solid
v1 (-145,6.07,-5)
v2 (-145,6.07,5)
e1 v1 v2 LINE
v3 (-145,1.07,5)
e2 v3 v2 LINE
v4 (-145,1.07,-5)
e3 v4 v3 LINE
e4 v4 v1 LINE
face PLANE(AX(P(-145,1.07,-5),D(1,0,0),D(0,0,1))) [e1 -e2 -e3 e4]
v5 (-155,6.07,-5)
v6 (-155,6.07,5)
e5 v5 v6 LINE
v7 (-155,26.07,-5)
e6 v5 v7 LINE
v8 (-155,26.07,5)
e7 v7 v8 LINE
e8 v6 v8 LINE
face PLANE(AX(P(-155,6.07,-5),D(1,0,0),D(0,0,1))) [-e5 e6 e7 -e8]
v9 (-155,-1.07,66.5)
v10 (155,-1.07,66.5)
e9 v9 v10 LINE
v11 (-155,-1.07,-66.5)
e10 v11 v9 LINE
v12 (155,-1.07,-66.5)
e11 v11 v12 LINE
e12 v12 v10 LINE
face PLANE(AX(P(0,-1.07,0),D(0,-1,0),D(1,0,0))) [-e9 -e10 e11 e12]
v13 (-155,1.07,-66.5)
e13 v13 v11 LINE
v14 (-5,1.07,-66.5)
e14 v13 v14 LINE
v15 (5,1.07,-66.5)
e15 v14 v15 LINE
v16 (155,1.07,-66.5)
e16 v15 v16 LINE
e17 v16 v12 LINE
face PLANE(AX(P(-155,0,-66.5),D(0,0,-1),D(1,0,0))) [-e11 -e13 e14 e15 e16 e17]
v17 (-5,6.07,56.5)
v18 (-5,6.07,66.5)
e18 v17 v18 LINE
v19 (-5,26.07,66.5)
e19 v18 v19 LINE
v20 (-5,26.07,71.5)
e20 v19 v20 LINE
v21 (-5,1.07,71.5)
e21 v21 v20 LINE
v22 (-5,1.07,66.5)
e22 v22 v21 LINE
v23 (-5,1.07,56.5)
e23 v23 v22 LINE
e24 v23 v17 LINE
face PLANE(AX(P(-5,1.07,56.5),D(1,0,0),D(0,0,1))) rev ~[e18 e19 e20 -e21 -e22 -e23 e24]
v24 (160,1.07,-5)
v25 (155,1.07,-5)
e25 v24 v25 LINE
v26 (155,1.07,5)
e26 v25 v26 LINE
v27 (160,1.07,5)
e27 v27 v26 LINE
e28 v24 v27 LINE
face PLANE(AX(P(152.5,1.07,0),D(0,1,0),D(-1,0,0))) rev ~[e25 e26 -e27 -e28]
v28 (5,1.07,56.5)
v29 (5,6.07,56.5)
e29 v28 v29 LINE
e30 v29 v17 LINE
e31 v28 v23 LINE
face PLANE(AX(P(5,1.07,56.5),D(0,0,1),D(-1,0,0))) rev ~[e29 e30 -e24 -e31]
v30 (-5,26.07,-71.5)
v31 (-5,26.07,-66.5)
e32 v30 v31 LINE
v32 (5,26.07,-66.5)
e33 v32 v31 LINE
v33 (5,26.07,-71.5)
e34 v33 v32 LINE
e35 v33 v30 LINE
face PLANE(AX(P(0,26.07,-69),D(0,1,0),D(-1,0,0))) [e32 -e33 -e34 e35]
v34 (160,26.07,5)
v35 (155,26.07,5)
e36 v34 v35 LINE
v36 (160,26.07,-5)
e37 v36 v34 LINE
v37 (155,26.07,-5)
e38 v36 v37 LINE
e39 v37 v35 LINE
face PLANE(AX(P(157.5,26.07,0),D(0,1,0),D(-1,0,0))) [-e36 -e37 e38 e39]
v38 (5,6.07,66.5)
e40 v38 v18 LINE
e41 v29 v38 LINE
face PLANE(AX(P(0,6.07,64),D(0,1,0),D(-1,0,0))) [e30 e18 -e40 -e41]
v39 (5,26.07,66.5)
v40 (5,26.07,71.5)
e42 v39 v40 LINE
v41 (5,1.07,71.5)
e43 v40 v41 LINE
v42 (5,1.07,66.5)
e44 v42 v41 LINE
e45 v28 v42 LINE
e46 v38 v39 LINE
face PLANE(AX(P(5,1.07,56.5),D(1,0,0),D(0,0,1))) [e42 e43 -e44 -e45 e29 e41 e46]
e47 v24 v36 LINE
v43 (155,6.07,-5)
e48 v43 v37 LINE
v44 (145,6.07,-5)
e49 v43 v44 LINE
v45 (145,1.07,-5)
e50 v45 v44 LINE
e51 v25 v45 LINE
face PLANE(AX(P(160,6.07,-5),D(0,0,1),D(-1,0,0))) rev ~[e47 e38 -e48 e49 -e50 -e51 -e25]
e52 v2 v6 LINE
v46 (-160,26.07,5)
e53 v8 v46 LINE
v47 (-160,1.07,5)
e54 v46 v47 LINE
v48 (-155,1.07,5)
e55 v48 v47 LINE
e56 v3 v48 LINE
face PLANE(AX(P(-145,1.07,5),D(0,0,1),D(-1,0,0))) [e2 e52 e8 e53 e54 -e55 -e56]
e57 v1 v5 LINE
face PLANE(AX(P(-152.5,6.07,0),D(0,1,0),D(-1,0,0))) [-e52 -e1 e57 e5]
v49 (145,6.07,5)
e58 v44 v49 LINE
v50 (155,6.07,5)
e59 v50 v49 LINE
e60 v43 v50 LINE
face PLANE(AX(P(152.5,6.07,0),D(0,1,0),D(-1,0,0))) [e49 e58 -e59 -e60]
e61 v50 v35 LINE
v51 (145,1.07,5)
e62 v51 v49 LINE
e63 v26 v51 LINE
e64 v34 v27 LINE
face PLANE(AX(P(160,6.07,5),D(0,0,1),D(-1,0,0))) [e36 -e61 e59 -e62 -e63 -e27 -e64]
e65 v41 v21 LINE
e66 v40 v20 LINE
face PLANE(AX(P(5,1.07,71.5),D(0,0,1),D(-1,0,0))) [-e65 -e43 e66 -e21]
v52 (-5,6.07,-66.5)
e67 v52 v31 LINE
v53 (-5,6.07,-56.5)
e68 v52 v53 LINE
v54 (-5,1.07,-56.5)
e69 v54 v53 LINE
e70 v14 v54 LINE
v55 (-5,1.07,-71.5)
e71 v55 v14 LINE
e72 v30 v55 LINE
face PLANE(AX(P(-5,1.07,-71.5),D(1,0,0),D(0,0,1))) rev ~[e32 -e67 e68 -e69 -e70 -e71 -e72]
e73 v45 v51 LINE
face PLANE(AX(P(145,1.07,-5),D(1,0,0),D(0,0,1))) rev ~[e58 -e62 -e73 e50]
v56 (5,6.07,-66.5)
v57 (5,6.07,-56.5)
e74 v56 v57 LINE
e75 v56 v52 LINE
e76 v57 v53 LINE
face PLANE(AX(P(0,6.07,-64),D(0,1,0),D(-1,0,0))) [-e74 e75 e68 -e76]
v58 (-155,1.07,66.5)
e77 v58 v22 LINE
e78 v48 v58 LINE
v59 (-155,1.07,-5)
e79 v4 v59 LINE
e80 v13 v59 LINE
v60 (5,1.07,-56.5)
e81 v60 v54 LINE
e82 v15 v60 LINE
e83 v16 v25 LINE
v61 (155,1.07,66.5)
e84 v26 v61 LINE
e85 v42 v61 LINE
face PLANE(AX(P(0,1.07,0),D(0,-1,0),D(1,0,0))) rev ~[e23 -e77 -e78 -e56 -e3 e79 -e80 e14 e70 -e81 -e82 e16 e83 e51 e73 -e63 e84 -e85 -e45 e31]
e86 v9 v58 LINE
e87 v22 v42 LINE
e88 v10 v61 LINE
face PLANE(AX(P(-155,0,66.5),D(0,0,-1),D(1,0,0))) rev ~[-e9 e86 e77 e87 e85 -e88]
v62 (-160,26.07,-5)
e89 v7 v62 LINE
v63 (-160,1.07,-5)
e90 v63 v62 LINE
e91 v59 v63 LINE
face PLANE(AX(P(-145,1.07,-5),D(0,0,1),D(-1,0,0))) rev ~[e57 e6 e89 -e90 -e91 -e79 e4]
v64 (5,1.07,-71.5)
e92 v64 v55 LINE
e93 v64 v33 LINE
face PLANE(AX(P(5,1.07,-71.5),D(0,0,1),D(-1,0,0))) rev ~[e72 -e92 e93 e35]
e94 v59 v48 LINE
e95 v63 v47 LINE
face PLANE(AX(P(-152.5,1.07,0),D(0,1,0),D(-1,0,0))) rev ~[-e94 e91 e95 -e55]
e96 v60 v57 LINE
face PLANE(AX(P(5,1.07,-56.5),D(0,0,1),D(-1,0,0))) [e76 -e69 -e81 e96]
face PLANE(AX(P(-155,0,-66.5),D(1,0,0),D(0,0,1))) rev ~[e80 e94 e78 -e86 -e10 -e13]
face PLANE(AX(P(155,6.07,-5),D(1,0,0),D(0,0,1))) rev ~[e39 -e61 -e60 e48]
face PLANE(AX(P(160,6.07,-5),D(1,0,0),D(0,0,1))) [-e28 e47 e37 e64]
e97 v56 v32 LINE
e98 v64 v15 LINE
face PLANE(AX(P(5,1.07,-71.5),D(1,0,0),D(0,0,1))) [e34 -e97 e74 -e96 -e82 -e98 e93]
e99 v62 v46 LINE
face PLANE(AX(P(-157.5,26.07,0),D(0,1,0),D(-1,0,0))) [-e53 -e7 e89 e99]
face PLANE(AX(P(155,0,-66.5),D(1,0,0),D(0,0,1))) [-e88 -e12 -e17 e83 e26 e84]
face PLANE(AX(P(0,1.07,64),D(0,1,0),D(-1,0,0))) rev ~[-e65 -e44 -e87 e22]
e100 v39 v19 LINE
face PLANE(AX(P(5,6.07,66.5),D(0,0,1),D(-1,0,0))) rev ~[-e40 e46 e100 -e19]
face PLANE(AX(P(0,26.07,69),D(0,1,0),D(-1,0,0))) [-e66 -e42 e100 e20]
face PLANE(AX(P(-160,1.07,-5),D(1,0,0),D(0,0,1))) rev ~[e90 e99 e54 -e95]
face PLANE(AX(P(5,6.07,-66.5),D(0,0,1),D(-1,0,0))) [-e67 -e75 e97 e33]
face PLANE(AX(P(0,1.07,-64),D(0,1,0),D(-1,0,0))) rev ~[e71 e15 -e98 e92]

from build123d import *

# Parameters (mm, degrees)
F0_W     = 310
F0_H     = 133
F1_DEPTH = 1.07
F2_W     = 10
F2_H     = 15
F2_W_2   = 15
F2_H_2   = 10
F3_DEPTH = 5
F4_W     = 5
F4_H     = 10
F4_W_2   = 10
F4_H_2   = 5
F5_DEPTH = 20


with BuildPart() as f1:
    # F0 (on Front) → F1 (new body, symmetric)
    with BuildSketch(Plane.XZ):
        Rectangle(F0_W, F0_H)
    extrude(amount=F1_DEPTH, both=True)

    # F2 (on face) → F3 (join)
    with BuildSketch(Plane(origin=(0, 1.07, 0), x_dir=(-1, 0, 0), z_dir=(0, 1, 0))):
        with Locations((0, 64)):
            Rectangle(F2_W, F2_H)
        with Locations((-152.5, 0)):
            Rectangle(F2_W_2, F2_H_2)
        with Locations((0, -64)):
            Rectangle(F2_W, F2_H)
        with Locations((152.5, 0)):
            Rectangle(F2_W_2, F2_H_2)
    extrude(amount=F3_DEPTH)

    # F4 (on face) → F5 (join)
    with BuildSketch(Plane(origin=(0, 6.07, 0), x_dir=(-1, 0, 0), z_dir=(0, 1, 0))):
        with Locations((-157.5, 0)):
            Rectangle(F4_W, F4_H)
        with Locations((157.5, 0)):
            Rectangle(F4_W, F4_H)
        with Locations((0, 69)):
            Rectangle(F4_W_2, F4_H_2)
        with Locations((0, -69)):
            Rectangle(F4_W_2, F4_H_2)
    extrude(amount=F5_DEPTH)


solid = f1.part
